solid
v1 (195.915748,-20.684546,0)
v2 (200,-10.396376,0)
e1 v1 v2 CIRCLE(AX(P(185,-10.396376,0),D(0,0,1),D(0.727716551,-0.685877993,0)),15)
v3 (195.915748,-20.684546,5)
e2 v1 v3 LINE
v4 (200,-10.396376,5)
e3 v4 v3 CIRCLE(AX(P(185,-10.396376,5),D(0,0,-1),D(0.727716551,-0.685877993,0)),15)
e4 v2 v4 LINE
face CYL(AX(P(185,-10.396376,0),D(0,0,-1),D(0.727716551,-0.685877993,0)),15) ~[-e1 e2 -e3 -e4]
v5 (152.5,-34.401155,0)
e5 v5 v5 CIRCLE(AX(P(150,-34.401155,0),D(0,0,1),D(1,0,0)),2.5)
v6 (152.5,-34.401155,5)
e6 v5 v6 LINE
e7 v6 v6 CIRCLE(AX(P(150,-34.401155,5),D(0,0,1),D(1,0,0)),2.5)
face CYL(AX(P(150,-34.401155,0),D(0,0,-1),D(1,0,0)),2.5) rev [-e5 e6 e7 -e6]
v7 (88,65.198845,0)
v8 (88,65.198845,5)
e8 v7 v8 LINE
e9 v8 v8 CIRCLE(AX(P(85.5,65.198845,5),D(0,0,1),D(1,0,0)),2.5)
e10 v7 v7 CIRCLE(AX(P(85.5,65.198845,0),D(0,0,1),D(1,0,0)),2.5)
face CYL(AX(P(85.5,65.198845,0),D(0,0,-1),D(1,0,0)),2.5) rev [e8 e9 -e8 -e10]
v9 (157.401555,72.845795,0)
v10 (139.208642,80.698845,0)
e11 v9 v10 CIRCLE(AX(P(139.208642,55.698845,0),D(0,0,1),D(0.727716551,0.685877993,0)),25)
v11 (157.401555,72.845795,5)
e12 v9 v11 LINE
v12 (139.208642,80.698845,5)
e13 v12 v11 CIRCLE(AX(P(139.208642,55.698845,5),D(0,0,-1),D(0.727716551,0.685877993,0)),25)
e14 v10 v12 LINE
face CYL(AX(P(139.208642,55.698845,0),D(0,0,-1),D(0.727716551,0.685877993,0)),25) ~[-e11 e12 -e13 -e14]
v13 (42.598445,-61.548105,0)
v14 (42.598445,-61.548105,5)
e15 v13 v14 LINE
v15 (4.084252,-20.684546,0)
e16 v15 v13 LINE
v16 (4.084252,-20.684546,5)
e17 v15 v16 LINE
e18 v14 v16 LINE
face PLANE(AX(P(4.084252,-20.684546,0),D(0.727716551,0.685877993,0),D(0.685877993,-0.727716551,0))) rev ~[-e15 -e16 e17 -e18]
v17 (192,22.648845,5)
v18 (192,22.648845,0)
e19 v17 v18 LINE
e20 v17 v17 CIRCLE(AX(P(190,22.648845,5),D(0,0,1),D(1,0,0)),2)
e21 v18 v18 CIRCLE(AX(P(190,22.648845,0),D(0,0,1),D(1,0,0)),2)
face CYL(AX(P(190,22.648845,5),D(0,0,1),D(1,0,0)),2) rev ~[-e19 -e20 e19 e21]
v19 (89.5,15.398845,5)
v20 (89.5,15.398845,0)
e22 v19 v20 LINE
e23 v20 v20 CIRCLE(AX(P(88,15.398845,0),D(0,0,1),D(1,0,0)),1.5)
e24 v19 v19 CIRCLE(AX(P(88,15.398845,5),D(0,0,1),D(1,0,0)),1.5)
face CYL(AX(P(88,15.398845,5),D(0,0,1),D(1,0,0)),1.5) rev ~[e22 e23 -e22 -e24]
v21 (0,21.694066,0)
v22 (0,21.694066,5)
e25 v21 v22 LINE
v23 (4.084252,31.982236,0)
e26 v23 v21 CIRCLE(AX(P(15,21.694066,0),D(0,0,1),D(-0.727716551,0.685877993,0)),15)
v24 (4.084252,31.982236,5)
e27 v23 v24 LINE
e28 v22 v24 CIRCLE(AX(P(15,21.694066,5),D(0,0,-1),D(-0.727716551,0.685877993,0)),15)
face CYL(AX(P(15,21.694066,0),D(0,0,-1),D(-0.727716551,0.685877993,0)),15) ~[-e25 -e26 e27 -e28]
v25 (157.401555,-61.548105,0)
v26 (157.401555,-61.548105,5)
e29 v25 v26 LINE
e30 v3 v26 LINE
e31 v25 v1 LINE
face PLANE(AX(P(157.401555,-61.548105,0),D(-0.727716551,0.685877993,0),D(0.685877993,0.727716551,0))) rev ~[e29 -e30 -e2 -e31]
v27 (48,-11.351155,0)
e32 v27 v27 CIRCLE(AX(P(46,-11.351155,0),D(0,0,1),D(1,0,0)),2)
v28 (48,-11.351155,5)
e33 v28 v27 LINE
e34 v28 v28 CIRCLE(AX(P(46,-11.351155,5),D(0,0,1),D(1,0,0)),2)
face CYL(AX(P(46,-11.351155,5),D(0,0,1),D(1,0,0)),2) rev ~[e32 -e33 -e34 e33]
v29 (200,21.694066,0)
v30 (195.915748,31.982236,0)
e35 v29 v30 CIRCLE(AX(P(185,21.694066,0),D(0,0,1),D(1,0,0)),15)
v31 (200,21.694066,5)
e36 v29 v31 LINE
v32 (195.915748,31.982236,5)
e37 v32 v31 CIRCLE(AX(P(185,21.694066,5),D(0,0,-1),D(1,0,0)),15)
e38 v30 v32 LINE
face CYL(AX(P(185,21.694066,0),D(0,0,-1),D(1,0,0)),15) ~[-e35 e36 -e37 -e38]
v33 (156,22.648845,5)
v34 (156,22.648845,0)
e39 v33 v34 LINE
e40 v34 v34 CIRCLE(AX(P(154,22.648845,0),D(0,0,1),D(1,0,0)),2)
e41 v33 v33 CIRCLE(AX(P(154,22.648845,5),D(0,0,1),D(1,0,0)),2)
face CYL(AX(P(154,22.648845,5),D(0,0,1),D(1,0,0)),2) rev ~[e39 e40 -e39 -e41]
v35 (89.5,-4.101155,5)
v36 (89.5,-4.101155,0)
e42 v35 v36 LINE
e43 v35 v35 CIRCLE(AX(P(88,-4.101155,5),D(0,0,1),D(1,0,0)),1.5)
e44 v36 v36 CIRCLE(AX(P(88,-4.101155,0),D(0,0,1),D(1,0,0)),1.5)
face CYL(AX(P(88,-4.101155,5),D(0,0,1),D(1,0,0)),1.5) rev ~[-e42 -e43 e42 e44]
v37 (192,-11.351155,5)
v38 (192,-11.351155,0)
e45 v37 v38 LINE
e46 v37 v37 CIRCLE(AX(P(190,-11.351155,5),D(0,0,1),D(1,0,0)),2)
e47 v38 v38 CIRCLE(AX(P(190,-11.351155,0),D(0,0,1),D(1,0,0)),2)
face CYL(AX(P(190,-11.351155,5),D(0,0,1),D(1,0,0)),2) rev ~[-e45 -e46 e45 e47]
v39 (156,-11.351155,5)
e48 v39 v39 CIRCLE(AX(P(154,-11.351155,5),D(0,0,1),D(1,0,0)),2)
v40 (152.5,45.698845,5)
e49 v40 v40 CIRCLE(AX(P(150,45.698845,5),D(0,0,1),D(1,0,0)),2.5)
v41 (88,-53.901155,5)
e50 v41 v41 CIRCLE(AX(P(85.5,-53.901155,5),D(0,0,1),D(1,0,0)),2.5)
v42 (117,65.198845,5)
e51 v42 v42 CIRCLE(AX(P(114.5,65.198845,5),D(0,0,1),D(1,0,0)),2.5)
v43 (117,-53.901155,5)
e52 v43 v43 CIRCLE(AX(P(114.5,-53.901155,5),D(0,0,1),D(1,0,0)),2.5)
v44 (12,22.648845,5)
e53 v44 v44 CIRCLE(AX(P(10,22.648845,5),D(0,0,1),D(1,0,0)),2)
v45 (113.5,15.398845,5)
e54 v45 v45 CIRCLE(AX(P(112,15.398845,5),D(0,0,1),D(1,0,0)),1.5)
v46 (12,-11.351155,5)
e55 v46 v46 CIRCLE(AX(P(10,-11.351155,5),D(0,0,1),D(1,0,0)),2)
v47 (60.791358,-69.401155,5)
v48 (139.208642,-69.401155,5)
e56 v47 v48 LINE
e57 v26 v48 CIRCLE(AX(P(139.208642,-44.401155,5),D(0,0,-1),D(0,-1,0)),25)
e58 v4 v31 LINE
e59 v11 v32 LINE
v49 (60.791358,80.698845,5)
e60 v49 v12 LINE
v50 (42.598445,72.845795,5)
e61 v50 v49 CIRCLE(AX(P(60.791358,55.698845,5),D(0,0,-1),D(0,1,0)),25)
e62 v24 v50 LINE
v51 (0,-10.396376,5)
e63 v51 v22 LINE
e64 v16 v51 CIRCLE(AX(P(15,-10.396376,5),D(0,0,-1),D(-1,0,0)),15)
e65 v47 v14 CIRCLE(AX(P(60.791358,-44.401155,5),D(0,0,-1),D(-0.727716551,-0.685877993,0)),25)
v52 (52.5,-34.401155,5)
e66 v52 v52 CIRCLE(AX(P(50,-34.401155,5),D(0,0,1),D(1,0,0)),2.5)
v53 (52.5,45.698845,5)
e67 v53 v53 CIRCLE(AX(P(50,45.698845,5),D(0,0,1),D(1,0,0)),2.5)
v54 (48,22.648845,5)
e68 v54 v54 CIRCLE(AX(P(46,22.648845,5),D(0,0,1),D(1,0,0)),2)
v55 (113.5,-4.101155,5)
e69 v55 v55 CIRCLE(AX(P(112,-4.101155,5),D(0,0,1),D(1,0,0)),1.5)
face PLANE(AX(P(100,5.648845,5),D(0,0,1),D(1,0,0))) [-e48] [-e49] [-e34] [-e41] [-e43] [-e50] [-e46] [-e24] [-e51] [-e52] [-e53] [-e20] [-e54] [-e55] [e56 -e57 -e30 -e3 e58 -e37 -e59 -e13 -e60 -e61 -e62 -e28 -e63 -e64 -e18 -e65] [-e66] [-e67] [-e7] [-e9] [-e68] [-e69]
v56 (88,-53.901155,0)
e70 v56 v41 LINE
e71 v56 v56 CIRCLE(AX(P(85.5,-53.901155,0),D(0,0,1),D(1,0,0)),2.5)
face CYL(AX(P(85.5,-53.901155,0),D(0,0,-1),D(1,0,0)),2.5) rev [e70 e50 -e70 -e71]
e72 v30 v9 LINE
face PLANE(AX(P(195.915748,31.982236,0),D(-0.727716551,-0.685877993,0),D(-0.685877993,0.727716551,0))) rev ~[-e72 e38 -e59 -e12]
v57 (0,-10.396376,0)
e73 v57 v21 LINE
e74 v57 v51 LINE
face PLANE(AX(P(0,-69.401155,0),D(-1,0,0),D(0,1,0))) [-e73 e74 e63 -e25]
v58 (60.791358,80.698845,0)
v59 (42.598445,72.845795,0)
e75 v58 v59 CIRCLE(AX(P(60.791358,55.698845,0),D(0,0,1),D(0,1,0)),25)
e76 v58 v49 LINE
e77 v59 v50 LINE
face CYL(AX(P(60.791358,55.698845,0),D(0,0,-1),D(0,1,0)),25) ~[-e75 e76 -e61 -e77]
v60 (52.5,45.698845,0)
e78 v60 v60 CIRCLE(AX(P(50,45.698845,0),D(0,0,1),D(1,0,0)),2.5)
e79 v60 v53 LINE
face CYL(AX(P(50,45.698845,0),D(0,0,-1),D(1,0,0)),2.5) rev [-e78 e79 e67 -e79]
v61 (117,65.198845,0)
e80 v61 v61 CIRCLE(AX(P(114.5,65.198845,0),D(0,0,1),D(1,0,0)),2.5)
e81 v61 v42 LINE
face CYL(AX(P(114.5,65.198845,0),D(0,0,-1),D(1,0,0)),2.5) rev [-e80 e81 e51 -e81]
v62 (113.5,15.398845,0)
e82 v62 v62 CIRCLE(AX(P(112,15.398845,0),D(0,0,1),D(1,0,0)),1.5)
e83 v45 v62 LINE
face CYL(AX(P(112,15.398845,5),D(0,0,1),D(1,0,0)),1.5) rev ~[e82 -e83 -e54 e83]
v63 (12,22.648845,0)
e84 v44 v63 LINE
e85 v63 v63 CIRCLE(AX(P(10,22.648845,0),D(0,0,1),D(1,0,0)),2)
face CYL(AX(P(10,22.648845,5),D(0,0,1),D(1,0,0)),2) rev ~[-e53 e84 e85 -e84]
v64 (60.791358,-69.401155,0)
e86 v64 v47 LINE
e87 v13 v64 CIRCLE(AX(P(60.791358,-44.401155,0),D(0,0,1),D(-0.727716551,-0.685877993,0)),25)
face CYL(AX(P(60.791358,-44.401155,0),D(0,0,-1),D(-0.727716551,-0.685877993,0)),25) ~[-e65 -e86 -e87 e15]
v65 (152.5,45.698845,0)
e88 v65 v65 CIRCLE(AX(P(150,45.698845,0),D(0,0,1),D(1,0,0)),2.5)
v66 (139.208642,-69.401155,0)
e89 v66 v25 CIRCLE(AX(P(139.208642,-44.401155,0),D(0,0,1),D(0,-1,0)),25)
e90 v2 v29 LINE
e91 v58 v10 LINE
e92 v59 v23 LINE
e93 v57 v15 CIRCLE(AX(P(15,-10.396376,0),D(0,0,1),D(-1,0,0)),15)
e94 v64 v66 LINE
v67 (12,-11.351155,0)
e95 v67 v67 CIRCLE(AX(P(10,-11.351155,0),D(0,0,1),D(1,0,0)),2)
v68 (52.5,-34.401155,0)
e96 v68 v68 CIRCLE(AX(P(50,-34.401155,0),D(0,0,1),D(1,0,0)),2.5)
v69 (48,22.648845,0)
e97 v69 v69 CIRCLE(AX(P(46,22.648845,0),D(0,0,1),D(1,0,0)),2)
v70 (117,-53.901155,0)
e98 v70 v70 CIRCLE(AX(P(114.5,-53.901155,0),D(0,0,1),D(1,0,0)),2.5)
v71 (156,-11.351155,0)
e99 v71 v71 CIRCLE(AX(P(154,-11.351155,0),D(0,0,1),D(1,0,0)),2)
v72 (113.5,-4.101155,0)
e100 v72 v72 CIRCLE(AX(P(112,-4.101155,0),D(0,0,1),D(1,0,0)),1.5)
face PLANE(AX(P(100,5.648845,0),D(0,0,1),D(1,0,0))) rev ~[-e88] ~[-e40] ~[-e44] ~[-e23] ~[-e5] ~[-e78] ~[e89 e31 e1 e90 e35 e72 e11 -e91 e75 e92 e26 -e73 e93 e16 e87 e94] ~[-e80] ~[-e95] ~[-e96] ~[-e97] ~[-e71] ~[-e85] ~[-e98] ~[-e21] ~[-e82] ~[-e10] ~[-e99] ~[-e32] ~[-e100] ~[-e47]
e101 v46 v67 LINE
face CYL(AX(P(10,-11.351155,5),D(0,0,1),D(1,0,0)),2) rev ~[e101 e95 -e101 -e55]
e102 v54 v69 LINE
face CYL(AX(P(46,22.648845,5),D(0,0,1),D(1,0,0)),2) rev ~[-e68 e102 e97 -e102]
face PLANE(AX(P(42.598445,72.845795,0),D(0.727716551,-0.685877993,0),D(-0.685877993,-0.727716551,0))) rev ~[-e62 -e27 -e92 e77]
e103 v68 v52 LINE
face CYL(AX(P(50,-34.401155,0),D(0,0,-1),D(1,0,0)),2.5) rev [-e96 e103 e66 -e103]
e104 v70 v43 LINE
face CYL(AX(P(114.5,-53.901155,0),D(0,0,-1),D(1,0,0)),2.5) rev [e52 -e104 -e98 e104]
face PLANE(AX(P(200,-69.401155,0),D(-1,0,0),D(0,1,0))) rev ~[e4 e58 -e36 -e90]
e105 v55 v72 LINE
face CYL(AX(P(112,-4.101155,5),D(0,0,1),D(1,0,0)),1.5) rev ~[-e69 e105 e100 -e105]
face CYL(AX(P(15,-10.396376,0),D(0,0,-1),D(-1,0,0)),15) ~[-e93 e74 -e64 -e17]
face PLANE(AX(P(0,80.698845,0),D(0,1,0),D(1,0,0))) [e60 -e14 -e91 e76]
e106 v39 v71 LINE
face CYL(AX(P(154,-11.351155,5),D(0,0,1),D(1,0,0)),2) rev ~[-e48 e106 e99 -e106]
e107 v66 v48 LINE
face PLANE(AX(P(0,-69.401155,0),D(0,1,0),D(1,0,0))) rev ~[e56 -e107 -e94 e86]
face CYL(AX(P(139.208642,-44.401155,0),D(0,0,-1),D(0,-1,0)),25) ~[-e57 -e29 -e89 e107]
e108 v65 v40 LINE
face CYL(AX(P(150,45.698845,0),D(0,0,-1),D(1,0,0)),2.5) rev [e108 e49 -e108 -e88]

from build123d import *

# Parameters (mm, degrees)
CROQUIS1_W              = 200
CROQUIS1_H              = 150.1
CROQUIS1_R              = 2.5
SALIENTE_EXTRUIR1_DEPTH = 5
CROQUIS2_R              = 1.5
CROQUIS2_R_2            = 2
CORTAR_EXTRUIR1_DEPTH   = 10
CORTAR_EXTRUIR2_DEPTH   = 400


with BuildPart() as part:
    # Croquis1 → Saliente-Extruir1 (new body)
    with BuildSketch(Plane.XY):
        with Locations((100, 5.648844896)):
            Rectangle(CROQUIS1_W, CROQUIS1_H)
        with Locations((85.5, 65.198844896)):
            Circle(CROQUIS1_R, mode=Mode.SUBTRACT)
        with Locations((114.5, 65.198844896)):
            Circle(CROQUIS1_R, mode=Mode.SUBTRACT)
        with Locations((50, 45.698844896)):
            Circle(CROQUIS1_R, mode=Mode.SUBTRACT)
        with Locations((150, 45.698844896)):
            Circle(CROQUIS1_R, mode=Mode.SUBTRACT)
        with Locations((150, -34.401155104)):
            Circle(CROQUIS1_R, mode=Mode.SUBTRACT)
        with Locations((114.5, -53.901155104)):
            Circle(CROQUIS1_R, mode=Mode.SUBTRACT)
        with Locations((85.5, -53.901155104)):
            Circle(CROQUIS1_R, mode=Mode.SUBTRACT)
        with Locations((50, -34.401155104)):
            Circle(CROQUIS1_R, mode=Mode.SUBTRACT)
    extrude(amount=SALIENTE_EXTRUIR1_DEPTH)

    # Croquis2 → Cortar-Extruir1 (cut)
    with BuildSketch(Plane.XY.offset(5)):
        with Locations((88, 15.398844896)):
            Circle(CROQUIS2_R)
        with Locations((112, 15.398844896)):
            Circle(CROQUIS2_R)
        with Locations((88, -4.101155104)):
            Circle(CROQUIS2_R)
        with Locations((112, -4.101155104)):
            Circle(CROQUIS2_R)
        with Locations((10, 22.648844896)):
            Circle(CROQUIS2_R_2)
        with Locations((46, 22.648844896)):
            Circle(CROQUIS2_R_2)
        with Locations((46, -11.351155104)):
            Circle(CROQUIS2_R_2)
        with Locations((10, -11.351155104)):
            Circle(CROQUIS2_R_2)
        with Locations((190, -11.351155104)):
            Circle(CROQUIS2_R_2)
        with Locations((154, -11.351155104)):
            Circle(CROQUIS2_R_2)
        with Locations((154, 22.648844896)):
            Circle(CROQUIS2_R_2)
        with Locations((190, 22.648844896)):
            Circle(CROQUIS2_R_2)
    extrude(amount=-CORTAR_EXTRUIR1_DEPTH, mode=Mode.SUBTRACT)

    # Croquis3 → Cortar-Extruir2 (cut)
    with BuildSketch(Plane(origin=(0, 0, 0), x_dir=(-1, 0, 0), z_dir=(0, 0, -1))):
        with BuildLine():
            Line((-195.915748263, 31.98223599), (-157.401555296, 72.845794728))
            ThreePointArc((-157.401555296, 72.845794728), (-149.116372199, 78.651772224), (-139.208641525, 80.698844896))
            Line((-139.208641525, 80.698844896), (-200, 80.698844896))
            Line((-200, 80.698844896), (-200, 21.694066091))
            ThreePointArc((-200, 21.694066091), (-198.941596464, 27.2286743), (-195.915748263, 31.98223599))
        make_face()
        with BuildLine():
            Line((0, 80.698844896), (-60.791358475, 80.698844896))
            ThreePointArc((-60.791358475, 80.698844896), (-50.883627801, 78.651772224), (-42.598444704, 72.845794728))
            Line((-42.598444704, 72.845794728), (-4.084251737, 31.98223599))
            ThreePointArc((-4.084251737, 31.98223599), (-1.058403536, 27.2286743), (0, 21.694066091))
            Line((0, 21.694066091), (0, 80.698844896))
        make_face()
        with BuildLine():
            Line((0, -69.401155104), (0, -10.396376298))
            ThreePointArc((0, -10.396376298), (-1.058403536, -15.930984508), (-4.084251737, -20.684546197))
            Line((-4.084251737, -20.684546197), (-42.598444704, -61.548104935))
            ThreePointArc((-42.598444704, -61.548104935), (-50.883627801, -67.354082431), (-60.791358475, -69.401155104))
            Line((-60.791358475, -69.401155104), (0, -69.401155104))
        make_face()
        with BuildLine():
            ThreePointArc((-195.915748263, -20.684546197), (-198.941596464, -15.930984508), (-200, -10.396376298))
            Line((-200, -10.396376298), (-200, -69.401155104))
            Line((-200, -69.401155104), (-139.208641525, -69.401155104))
            ThreePointArc((-139.208641525, -69.401155104), (-149.116372199, -67.354082431), (-157.401555296, -61.548104935))
            Line((-157.401555296, -61.548104935), (-195.915748263, -20.684546197))
        make_face()
    extrude(amount=-CORTAR_EXTRUIR2_DEPTH, mode=Mode.SUBTRACT)


solid = part.part
